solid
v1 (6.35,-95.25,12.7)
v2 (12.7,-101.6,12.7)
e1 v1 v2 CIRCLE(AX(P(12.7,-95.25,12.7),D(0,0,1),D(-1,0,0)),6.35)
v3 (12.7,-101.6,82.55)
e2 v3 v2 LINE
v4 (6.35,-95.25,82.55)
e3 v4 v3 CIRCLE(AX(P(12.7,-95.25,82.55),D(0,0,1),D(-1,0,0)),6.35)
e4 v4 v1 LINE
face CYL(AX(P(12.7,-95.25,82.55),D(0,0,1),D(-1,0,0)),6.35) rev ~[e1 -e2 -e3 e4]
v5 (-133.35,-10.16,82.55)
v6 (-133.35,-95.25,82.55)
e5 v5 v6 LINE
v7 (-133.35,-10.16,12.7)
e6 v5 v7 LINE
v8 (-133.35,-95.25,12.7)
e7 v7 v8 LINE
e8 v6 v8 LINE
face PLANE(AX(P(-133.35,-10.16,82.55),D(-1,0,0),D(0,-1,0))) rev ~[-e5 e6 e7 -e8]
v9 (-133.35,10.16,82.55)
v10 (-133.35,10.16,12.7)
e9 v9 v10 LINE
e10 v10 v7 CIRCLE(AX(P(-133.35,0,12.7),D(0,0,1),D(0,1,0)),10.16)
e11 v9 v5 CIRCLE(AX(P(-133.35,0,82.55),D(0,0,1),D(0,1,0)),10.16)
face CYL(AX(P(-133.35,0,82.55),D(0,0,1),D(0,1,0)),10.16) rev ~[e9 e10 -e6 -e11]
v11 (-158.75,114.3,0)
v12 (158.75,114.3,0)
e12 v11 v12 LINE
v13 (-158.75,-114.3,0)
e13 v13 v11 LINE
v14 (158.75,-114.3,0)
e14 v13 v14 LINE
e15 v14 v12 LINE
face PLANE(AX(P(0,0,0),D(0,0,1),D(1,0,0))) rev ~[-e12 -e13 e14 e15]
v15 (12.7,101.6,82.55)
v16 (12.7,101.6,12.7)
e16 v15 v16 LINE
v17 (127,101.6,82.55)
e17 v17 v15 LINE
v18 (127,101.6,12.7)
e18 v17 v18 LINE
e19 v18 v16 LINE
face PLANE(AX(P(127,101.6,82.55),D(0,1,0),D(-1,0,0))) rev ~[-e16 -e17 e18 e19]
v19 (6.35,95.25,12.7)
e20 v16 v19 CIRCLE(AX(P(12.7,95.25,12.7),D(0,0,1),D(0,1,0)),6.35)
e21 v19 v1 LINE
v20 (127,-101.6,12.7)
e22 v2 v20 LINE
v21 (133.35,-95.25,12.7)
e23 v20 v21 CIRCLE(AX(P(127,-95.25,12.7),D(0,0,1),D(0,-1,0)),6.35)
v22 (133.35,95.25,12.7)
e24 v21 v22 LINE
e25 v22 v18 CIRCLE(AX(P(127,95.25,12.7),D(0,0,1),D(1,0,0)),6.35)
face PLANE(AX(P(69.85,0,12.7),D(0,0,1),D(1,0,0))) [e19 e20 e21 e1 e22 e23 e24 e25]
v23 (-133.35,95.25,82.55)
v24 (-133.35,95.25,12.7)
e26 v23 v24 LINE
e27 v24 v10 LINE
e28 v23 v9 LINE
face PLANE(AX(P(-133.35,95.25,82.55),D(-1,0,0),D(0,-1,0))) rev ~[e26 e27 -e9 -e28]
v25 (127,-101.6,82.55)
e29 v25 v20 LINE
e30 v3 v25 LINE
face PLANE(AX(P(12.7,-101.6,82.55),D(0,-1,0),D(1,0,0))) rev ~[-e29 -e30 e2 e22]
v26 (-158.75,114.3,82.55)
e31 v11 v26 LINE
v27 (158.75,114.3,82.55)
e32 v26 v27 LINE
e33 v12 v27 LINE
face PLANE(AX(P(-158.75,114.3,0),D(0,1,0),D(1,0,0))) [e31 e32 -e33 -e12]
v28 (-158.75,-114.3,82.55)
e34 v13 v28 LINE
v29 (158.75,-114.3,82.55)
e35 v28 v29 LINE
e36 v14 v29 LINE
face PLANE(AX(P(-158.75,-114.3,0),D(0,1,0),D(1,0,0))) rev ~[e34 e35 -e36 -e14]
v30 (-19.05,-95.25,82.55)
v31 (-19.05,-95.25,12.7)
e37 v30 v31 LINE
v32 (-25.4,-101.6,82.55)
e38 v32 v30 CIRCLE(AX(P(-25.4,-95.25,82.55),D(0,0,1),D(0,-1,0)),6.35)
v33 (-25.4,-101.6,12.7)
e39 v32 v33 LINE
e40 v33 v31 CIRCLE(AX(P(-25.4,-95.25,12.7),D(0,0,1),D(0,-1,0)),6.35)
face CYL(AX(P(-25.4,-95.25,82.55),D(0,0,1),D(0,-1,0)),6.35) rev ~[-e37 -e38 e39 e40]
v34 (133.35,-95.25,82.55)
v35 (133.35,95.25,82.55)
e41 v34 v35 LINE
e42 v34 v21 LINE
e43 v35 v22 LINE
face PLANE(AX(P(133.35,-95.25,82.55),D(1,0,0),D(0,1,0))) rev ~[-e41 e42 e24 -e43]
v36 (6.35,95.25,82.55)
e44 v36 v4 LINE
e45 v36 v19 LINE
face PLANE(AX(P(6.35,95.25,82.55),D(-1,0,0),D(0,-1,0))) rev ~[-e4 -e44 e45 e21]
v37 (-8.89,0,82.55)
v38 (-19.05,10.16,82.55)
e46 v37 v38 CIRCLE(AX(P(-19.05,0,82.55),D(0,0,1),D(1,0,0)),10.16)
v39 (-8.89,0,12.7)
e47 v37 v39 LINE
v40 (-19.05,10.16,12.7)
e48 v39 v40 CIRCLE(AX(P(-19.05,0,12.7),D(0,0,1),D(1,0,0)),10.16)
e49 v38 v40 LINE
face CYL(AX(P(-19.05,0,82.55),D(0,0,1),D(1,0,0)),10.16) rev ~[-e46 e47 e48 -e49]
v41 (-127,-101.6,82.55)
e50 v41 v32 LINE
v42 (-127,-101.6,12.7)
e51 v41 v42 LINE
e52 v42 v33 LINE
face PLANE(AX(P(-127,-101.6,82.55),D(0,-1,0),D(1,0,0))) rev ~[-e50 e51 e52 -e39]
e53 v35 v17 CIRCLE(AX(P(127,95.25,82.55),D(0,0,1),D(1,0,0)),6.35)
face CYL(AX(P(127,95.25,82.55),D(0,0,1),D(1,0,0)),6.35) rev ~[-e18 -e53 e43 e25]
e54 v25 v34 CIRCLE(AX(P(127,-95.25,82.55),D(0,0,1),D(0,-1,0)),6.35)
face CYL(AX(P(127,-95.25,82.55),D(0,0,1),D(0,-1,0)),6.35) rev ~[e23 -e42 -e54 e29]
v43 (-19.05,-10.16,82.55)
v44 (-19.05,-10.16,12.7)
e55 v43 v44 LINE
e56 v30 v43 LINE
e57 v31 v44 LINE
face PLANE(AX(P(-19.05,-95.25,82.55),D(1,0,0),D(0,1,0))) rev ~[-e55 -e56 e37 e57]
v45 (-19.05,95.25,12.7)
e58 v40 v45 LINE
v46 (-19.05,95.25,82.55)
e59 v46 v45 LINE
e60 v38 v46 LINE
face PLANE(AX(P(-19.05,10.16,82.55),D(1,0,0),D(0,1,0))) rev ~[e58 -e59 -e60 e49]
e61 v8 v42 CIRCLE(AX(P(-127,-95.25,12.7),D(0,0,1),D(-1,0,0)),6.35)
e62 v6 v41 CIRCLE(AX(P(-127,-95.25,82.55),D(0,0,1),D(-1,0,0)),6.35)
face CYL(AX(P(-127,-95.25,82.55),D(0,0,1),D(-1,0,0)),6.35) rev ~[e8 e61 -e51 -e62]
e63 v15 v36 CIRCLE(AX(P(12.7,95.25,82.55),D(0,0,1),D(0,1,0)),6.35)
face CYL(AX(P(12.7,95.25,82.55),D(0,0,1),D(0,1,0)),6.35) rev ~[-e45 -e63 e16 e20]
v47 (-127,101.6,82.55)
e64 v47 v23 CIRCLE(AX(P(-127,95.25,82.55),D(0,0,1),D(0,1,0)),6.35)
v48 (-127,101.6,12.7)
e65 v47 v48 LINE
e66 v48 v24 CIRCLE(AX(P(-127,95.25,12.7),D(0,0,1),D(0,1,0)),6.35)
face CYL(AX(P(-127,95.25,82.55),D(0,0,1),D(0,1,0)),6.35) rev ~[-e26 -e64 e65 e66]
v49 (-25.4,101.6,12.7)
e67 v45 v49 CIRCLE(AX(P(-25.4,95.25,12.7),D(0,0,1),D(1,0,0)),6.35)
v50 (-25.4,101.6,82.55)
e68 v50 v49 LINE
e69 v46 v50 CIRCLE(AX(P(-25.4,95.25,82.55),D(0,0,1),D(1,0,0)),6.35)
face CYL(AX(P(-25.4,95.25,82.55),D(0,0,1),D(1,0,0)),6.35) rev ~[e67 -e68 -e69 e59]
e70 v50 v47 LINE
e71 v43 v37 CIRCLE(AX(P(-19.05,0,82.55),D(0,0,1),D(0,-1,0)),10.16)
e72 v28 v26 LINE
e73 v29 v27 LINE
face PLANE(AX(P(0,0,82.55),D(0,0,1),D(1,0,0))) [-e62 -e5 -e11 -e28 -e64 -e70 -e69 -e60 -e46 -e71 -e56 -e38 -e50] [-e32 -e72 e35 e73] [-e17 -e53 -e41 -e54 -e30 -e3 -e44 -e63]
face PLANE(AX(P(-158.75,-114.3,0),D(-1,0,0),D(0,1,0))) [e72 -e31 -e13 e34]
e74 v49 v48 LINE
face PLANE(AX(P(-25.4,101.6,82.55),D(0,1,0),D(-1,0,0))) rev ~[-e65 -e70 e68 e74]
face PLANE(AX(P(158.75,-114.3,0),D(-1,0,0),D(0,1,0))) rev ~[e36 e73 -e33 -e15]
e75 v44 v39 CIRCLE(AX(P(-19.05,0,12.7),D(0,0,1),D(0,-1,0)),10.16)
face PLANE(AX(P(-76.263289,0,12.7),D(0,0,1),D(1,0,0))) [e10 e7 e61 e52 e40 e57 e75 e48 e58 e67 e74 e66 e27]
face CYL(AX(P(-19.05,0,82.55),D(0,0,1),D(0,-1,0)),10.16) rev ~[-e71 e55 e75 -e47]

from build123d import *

# Parameters (mm, degrees)
F0_W     = 317.5
F0_H     = 228.6
F1_DEPTH = 82.55
F3_DEPTH = 69.85


with BuildPart() as f1:
    # F0 (on Top) → F1 (new body)
    with BuildSketch(Plane.XY):
        Rectangle(F0_W, F0_H)
    extrude(amount=F1_DEPTH)

    # F2 (on face) → F3 (cut)
    with BuildSketch(Plane.XY.offset(82.55)):
        with BuildLine():
            Line((-127, -101.6), (-25.4, -101.6))
            ThreePointArc((-25.4, -101.6), (-20.9098719395, -99.7401280605), (-19.05, -95.25))
            Line((-19.05, -95.25), (-19.05, -10.16))
            ThreePointArc((-19.05, -10.16), (-29.21, 0), (-19.05, 10.16))
            Line((-19.05, 10.16), (-19.05, 95.25))
            ThreePointArc((-19.05, 95.25), (-20.9098719395, 99.7401280605), (-25.4, 101.6))
            Line((-25.4, 101.6), (-127, 101.6))
            ThreePointArc((-127, 101.6), (-131.4901280605, 99.7401280605), (-133.35, 95.25))
            Line((-133.35, 95.25), (-133.35, 10.16))
            ThreePointArc((-133.35, 10.16), (-126.1657951031, 7.1842048969), (-123.19, 0))
            ThreePointArc((-123.19, 0), (-126.1657951031, -7.1842048969), (-133.35, -10.16))
            Line((-133.35, -10.16), (-133.35, -95.25))
            ThreePointArc((-133.35, -95.25), (-131.4901280605, -99.7401280605), (-127, -101.6))
        make_face()
        with BuildLine():
            ThreePointArc((-19.05, 10.16), (-29.21, 0), (-19.05, -10.16))
            Line((-19.05, -10.16), (-19.05, 10.16))
        make_face()
        with BuildLine():
            Line((-19.05, 10.16), (-19.05, -10.16))
            ThreePointArc((-19.05, -10.16), (-11.8657951031, -7.1842048969), (-8.89, 0))
            ThreePointArc((-8.89, 0), (-11.8657951031, 7.1842048969), (-19.05, 10.16))
        make_face()
        with BuildLine():
            ThreePointArc((-133.35, 10.16), (-143.51, 0), (-133.35, -10.16))
            Line((-133.35, -10.16), (-133.35, 10.16))
        make_face()
        with BuildLine():
            Line((-133.35, 10.16), (-133.35, -10.16))
            ThreePointArc((-133.35, -10.16), (-126.1657951031, -7.1842048969), (-123.19, 0))
            ThreePointArc((-123.19, 0), (-126.1657951031, 7.1842048969), (-133.35, 10.16))
        make_face()
        with BuildLine():
            ThreePointArc((133.35, 95.25), (131.4901280605, 99.7401280605), (127, 101.6))
            Line((127, 101.6), (12.7, 101.6))
            ThreePointArc((12.7, 101.6), (8.2098719395, 99.7401280605), (6.35, 95.25))
            Line((6.35, 95.25), (6.35, -95.25))
            ThreePointArc((6.35, -95.25), (8.2098719395, -99.7401280605), (12.7, -101.6))
            Line((12.7, -101.6), (127, -101.6))
            ThreePointArc((127, -101.6), (131.4901280605, -99.7401280605), (133.35, -95.25))
            Line((133.35, -95.25), (133.35, 95.25))
        make_face()
    extrude(amount=-F3_DEPTH, mode=Mode.SUBTRACT)


solid = f1.part
